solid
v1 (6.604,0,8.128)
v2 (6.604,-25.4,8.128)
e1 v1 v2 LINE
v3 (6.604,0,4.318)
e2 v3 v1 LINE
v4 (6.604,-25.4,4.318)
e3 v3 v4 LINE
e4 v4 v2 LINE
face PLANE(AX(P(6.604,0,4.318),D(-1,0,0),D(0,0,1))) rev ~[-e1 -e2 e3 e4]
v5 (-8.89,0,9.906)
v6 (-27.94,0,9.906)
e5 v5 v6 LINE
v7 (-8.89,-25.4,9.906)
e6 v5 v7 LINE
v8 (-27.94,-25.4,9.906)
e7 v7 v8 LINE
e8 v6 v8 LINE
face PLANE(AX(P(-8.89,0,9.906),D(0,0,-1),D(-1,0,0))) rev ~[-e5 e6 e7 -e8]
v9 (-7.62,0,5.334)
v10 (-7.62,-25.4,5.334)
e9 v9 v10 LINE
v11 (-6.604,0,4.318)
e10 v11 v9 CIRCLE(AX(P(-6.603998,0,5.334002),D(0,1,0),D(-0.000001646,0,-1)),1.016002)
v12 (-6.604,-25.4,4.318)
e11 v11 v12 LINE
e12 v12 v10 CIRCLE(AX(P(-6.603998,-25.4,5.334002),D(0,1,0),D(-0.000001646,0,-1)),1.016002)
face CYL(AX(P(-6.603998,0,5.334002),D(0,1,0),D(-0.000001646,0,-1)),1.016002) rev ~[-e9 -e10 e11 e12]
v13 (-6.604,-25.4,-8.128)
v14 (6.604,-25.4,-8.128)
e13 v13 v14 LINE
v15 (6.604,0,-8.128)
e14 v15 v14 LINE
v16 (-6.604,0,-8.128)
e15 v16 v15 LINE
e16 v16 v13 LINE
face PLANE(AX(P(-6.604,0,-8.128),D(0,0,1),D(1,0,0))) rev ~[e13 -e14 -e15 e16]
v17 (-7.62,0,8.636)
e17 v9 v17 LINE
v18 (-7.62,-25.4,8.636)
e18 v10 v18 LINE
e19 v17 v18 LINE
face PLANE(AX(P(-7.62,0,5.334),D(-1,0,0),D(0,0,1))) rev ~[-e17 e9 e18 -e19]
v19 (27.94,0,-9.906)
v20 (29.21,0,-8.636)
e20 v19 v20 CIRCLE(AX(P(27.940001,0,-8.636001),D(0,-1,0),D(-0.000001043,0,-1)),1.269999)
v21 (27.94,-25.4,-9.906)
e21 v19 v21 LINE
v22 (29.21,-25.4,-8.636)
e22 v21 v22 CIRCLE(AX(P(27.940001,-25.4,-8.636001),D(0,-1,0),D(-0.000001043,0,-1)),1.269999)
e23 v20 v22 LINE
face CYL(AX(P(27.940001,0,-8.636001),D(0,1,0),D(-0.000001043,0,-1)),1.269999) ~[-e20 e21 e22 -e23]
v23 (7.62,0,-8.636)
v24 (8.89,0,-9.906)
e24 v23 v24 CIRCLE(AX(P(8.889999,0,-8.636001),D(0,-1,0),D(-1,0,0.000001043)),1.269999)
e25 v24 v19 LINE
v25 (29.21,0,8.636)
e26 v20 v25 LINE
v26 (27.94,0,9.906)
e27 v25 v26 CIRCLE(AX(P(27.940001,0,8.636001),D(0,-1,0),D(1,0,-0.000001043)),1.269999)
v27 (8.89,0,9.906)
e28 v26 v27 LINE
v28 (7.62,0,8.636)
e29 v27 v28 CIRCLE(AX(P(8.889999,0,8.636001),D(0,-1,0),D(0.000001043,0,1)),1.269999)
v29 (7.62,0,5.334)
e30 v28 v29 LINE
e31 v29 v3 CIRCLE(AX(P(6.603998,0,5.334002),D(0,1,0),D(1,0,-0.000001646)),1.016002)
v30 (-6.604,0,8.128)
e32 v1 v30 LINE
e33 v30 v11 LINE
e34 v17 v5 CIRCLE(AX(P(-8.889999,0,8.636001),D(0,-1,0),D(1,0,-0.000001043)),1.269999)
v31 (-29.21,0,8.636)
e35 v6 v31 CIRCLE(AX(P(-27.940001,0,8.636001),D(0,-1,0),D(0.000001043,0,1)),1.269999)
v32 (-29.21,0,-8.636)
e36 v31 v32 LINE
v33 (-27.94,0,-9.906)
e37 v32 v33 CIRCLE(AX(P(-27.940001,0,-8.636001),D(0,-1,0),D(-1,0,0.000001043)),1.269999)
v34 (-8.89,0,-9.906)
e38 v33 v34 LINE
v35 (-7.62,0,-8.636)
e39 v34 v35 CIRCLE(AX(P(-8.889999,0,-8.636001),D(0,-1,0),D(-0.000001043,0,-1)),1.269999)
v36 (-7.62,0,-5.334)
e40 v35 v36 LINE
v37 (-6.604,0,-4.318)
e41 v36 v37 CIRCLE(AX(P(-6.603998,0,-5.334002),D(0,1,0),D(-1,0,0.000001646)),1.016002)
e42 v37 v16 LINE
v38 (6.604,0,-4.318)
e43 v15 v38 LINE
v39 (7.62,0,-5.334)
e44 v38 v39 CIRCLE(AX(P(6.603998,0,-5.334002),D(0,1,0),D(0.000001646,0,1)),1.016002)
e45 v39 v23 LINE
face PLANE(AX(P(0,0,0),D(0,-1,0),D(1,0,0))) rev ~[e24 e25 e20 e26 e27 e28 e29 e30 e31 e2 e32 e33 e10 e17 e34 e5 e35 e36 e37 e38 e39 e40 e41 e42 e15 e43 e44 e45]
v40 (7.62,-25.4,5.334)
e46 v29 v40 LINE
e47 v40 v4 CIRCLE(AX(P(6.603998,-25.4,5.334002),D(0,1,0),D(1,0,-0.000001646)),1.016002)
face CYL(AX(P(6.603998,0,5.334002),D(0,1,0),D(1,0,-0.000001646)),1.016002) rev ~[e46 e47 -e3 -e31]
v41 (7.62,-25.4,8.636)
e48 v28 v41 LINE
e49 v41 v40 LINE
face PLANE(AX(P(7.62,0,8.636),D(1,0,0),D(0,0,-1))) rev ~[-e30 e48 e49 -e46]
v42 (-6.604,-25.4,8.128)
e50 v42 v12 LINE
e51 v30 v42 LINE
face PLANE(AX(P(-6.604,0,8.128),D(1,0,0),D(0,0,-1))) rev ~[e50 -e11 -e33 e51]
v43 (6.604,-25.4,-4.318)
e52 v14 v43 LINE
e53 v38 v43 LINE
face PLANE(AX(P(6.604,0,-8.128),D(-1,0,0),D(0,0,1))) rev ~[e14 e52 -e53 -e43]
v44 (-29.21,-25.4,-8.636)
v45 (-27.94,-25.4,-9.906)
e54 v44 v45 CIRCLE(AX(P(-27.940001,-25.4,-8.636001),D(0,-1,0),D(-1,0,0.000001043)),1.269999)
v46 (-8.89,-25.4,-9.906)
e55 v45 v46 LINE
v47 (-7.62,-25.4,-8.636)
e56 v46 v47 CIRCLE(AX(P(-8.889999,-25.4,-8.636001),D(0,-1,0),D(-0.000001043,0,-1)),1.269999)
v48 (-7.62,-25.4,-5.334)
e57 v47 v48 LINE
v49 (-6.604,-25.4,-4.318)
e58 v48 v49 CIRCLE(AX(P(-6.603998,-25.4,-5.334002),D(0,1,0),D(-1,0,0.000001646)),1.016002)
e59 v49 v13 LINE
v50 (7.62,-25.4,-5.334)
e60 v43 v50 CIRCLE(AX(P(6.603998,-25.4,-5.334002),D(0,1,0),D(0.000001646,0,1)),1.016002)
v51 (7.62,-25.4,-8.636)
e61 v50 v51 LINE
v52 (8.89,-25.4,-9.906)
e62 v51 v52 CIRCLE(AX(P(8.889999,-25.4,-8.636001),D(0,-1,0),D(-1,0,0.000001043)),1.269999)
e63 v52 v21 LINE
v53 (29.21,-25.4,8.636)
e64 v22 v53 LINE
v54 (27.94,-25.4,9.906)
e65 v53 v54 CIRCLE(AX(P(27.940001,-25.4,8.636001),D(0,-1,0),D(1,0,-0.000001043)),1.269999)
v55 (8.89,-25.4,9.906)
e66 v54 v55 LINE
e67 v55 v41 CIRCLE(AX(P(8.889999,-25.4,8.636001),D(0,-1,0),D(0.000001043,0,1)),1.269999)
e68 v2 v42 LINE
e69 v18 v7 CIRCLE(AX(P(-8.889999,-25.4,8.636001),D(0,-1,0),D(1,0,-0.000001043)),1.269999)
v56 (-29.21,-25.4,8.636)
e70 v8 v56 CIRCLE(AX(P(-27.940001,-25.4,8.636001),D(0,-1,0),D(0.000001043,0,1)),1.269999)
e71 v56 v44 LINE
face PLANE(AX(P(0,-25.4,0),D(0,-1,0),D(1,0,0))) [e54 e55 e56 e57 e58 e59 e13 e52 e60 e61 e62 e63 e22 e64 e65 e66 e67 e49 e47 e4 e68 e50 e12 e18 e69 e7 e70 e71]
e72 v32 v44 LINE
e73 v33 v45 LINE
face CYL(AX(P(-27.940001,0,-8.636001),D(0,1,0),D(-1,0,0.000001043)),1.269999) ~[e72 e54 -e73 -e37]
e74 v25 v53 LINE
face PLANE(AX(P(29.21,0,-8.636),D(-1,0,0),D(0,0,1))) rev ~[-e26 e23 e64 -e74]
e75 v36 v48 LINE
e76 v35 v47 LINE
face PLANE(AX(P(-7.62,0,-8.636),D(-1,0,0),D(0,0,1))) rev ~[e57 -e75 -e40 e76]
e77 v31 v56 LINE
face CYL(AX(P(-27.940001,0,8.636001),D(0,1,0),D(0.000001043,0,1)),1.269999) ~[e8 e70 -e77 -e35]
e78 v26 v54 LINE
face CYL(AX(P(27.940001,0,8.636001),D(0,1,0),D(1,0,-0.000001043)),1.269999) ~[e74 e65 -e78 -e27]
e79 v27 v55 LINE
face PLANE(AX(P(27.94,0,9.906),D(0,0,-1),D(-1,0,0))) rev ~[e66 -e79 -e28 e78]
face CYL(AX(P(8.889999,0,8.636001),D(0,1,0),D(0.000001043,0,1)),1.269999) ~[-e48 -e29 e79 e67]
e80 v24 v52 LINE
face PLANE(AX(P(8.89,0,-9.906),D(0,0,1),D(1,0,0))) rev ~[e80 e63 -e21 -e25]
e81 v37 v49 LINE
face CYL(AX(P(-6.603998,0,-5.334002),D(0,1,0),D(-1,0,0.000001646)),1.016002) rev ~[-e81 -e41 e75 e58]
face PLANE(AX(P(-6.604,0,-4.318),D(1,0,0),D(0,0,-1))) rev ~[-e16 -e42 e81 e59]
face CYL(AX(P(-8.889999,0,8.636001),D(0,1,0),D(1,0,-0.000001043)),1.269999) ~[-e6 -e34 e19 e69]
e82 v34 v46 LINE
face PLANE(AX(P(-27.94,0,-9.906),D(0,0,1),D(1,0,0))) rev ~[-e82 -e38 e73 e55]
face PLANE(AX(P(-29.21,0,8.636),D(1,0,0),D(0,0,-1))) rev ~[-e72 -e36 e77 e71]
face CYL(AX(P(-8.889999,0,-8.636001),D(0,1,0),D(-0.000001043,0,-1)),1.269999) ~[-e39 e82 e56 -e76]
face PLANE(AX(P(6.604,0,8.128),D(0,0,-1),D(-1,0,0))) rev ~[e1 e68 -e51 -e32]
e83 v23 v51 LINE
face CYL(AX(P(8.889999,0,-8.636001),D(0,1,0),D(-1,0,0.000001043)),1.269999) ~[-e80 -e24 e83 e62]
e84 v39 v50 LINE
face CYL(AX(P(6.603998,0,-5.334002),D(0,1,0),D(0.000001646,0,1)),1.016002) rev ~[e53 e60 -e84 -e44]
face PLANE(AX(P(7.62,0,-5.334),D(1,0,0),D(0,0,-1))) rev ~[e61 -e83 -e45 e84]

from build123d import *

# Parameters (mm, degrees)
F1_DEPTH = 25.4


with BuildPart() as f1:
    # F0 (on Front) → F1 (new body)
    with BuildSketch(Plane.XZ):
        with BuildLine():
            Line((-29.21, 8.636), (-29.21, 0))
            Line((-29.21, 0), (-29.21, -8.636))
            ThreePointArc((-29.21, -8.636), (-28.838026, -9.534026), (-27.94, -9.906))
            Line((-27.94, -9.906), (-8.89, -9.906))
            ThreePointArc((-8.89, -9.906), (-7.991974, -9.534026), (-7.62, -8.636))
            Line((-7.62, -8.636), (-7.62, -5.334))
            ThreePointArc((-7.62, -5.334), (-7.32242, -4.61558), (-6.604, -4.318))
            Line((-6.604, -4.318), (-6.604, -8.128))
            Line((-6.604, -8.128), (0, -8.128))
            Line((0, -8.128), (6.604, -8.128))
            Line((6.604, -8.128), (6.604, -4.318))
            ThreePointArc((6.604, -4.318), (7.32242, -4.61558), (7.62, -5.334))
            Line((7.62, -5.334), (7.62, -8.636))
            ThreePointArc((7.62, -8.636), (7.991974, -9.534026), (8.89, -9.906))
            Line((8.89, -9.906), (27.94, -9.906))
            ThreePointArc((27.94, -9.906), (28.838026, -9.534026), (29.21, -8.636))
            Line((29.21, -8.636), (29.21, 0))
            Line((29.21, 0), (29.21, 8.636))
            ThreePointArc((29.21, 8.636), (28.838026, 9.534026), (27.94, 9.906))
            Line((27.94, 9.906), (8.89, 9.906))
            ThreePointArc((8.89, 9.906), (7.991974, 9.534026), (7.62, 8.636))
            Line((7.62, 8.636), (7.62, 5.334))
            ThreePointArc((7.62, 5.334), (7.32242, 4.61558), (6.604, 4.318))
            Line((6.604, 4.318), (6.604, 8.128))
            Line((6.604, 8.128), (0, 8.128))
            Line((0, 8.128), (-6.604, 8.128))
            Line((-6.604, 8.128), (-6.604, 4.318))
            ThreePointArc((-6.604, 4.318), (-7.32242, 4.61558), (-7.62, 5.334))
            Line((-7.62, 5.334), (-7.62, 8.636))
            ThreePointArc((-7.62, 8.636), (-7.991974, 9.534026), (-8.89, 9.906))
            Line((-8.89, 9.906), (-27.94, 9.906))
            ThreePointArc((-27.94, 9.906), (-28.838026, 9.534026), (-29.21, 8.636))
        make_face()
    extrude(amount=F1_DEPTH)


solid = f1.part
